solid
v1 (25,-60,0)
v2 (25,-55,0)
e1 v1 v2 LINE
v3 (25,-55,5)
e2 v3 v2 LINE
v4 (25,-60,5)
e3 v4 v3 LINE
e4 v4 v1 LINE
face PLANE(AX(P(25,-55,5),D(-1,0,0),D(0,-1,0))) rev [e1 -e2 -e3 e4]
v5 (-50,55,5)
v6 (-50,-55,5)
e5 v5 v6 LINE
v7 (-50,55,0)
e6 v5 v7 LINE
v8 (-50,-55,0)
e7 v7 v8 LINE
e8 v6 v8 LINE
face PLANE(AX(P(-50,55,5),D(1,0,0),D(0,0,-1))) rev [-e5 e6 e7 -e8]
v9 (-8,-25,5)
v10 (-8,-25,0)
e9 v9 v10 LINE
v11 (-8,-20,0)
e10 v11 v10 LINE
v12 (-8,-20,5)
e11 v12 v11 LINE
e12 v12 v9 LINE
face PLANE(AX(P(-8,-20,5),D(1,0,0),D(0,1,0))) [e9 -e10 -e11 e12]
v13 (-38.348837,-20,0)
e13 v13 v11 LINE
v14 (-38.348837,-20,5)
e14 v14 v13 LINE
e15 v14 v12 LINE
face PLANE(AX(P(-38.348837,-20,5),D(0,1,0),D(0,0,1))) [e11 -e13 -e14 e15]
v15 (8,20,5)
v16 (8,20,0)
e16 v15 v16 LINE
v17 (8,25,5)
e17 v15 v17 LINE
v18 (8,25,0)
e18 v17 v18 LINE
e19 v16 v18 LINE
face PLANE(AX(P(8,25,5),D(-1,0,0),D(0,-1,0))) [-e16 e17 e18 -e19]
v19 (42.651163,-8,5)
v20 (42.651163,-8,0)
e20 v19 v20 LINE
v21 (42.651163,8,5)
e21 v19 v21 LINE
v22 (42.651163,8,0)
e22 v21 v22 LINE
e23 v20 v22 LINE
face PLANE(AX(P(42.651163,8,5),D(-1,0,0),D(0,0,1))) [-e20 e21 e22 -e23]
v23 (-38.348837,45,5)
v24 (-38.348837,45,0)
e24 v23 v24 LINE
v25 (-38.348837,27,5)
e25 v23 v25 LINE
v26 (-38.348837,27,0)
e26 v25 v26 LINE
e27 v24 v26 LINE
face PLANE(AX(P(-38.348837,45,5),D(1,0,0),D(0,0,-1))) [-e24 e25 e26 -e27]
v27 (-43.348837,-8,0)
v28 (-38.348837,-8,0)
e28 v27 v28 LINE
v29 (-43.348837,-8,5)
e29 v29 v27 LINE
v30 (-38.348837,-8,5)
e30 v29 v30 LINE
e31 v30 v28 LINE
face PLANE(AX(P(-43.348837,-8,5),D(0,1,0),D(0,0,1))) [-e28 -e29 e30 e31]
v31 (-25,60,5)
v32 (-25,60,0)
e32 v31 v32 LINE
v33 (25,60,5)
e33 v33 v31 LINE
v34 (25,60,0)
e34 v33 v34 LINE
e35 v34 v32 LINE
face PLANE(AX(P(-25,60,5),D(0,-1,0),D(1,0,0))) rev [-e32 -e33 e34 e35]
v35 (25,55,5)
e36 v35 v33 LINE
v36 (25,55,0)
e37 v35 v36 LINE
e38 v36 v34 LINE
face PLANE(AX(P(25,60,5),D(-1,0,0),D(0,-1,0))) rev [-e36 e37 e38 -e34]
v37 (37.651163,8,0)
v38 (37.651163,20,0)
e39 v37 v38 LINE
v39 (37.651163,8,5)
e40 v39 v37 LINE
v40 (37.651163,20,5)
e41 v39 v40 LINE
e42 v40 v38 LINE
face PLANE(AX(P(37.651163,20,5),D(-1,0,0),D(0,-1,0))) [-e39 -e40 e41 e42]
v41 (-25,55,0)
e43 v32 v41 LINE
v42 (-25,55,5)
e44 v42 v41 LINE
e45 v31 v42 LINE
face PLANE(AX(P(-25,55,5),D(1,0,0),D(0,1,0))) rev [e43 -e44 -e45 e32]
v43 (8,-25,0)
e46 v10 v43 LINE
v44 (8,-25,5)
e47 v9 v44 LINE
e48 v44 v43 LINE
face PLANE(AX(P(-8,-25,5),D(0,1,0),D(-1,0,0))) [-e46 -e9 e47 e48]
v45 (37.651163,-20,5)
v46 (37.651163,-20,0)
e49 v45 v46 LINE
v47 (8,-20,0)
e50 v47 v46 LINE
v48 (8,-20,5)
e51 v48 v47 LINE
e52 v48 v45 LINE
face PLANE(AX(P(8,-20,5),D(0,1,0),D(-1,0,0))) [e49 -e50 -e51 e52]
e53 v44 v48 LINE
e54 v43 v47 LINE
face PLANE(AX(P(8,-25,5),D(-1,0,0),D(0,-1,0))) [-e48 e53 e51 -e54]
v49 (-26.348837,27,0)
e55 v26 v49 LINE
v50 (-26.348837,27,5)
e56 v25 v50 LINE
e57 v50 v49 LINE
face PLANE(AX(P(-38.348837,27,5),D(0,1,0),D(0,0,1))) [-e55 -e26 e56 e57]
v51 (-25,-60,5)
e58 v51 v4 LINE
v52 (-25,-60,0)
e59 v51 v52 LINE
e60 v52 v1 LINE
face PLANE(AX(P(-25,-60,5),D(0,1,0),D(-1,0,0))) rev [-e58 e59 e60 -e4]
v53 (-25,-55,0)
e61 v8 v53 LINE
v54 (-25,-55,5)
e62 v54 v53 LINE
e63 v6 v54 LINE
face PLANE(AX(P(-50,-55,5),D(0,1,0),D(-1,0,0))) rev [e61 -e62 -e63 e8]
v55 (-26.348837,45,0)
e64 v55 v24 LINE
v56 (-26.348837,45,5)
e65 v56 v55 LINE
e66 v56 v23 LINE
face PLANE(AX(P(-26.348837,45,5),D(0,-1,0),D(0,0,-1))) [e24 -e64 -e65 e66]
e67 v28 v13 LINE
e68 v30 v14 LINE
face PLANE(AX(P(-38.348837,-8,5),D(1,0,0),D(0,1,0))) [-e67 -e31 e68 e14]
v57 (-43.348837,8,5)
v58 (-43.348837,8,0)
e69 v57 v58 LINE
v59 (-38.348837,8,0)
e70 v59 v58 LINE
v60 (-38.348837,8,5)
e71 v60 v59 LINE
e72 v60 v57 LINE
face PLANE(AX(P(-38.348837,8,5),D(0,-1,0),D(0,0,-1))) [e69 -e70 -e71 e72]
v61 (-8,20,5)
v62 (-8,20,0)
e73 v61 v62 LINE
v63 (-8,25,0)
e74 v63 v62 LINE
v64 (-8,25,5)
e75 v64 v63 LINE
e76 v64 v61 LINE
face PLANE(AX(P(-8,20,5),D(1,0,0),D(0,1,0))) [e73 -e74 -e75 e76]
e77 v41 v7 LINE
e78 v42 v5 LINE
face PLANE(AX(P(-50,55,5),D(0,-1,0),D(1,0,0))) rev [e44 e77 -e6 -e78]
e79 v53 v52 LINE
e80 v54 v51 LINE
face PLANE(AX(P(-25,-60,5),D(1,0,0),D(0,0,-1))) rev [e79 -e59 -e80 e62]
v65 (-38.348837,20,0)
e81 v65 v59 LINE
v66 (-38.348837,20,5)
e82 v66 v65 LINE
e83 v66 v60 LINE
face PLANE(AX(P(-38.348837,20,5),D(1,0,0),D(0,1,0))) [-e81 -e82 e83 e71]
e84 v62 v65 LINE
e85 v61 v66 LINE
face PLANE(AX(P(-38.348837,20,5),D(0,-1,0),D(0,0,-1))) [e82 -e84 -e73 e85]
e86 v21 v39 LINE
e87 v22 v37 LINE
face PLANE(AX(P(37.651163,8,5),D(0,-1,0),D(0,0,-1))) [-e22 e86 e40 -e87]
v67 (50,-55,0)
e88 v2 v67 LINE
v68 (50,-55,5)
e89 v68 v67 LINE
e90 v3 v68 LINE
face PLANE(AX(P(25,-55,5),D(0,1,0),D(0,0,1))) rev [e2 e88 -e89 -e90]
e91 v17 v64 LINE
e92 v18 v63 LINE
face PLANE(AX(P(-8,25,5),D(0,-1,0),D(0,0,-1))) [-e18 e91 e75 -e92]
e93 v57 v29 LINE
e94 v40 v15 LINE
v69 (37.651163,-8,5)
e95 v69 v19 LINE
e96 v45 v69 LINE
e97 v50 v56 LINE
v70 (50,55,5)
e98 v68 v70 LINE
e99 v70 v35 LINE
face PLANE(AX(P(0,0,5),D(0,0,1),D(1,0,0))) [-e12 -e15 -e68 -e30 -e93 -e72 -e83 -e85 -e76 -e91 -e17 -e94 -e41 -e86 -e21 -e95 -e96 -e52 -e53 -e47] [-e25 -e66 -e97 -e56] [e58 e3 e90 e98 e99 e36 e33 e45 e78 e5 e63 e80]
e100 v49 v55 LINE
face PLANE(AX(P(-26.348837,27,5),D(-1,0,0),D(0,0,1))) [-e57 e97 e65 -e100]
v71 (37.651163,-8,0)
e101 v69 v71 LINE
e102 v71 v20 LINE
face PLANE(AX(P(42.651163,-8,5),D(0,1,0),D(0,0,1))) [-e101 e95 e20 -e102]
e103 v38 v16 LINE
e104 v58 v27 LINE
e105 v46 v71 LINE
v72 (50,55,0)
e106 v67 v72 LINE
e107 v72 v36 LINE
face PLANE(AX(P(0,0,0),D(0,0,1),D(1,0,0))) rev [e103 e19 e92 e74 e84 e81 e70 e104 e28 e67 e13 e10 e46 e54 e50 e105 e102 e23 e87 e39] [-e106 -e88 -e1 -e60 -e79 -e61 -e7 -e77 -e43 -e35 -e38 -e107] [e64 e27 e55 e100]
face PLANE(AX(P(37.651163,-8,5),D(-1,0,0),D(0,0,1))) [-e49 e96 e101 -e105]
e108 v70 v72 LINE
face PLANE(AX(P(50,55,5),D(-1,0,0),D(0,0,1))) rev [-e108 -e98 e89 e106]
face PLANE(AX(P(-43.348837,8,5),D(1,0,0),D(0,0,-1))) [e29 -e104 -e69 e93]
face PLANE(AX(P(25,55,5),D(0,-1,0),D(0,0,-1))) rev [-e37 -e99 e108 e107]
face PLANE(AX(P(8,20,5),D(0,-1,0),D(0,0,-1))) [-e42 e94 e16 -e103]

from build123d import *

# Parameters (mm, degrees)
SKETCH1_W           = 12
SKETCH1_H           = 18
BOSS_EXTRUDE1_DEPTH = 5


with BuildPart() as part:
    # Sketch1 → Boss-Extrude1 (new body)
    with BuildSketch(Plane.XY):
        Polygon((-25, 60), (25, 60), (25, 55), (50, 55), (50, -55), (25, -55), (25, -60), (-25, -60), (-25, -55), (-50, -55), (-50, 55), (-25, 55), align=None)
        Polygon((37.651162791, 8), (42.651162791, 8), (42.651162791, -8), (37.651162791, -8), (37.651162791, -20), (8, -20), (8, -25), (-8, -25), (-8, -20), (-38.348837209, -20), (-38.348837209, -8), (-43.348837209, -8), (-43.348837209, 8), (-38.348837209, 8), (-38.348837209, 20), (-8, 20), (-8, 25), (8, 25), (8, 20), (37.651162791, 20), align=None, mode=Mode.SUBTRACT)
        with Locations((-32.348837209, 36)):
            Rectangle(SKETCH1_W, SKETCH1_H, mode=Mode.SUBTRACT)
    extrude(amount=BOSS_EXTRUDE1_DEPTH)


solid = part.part
